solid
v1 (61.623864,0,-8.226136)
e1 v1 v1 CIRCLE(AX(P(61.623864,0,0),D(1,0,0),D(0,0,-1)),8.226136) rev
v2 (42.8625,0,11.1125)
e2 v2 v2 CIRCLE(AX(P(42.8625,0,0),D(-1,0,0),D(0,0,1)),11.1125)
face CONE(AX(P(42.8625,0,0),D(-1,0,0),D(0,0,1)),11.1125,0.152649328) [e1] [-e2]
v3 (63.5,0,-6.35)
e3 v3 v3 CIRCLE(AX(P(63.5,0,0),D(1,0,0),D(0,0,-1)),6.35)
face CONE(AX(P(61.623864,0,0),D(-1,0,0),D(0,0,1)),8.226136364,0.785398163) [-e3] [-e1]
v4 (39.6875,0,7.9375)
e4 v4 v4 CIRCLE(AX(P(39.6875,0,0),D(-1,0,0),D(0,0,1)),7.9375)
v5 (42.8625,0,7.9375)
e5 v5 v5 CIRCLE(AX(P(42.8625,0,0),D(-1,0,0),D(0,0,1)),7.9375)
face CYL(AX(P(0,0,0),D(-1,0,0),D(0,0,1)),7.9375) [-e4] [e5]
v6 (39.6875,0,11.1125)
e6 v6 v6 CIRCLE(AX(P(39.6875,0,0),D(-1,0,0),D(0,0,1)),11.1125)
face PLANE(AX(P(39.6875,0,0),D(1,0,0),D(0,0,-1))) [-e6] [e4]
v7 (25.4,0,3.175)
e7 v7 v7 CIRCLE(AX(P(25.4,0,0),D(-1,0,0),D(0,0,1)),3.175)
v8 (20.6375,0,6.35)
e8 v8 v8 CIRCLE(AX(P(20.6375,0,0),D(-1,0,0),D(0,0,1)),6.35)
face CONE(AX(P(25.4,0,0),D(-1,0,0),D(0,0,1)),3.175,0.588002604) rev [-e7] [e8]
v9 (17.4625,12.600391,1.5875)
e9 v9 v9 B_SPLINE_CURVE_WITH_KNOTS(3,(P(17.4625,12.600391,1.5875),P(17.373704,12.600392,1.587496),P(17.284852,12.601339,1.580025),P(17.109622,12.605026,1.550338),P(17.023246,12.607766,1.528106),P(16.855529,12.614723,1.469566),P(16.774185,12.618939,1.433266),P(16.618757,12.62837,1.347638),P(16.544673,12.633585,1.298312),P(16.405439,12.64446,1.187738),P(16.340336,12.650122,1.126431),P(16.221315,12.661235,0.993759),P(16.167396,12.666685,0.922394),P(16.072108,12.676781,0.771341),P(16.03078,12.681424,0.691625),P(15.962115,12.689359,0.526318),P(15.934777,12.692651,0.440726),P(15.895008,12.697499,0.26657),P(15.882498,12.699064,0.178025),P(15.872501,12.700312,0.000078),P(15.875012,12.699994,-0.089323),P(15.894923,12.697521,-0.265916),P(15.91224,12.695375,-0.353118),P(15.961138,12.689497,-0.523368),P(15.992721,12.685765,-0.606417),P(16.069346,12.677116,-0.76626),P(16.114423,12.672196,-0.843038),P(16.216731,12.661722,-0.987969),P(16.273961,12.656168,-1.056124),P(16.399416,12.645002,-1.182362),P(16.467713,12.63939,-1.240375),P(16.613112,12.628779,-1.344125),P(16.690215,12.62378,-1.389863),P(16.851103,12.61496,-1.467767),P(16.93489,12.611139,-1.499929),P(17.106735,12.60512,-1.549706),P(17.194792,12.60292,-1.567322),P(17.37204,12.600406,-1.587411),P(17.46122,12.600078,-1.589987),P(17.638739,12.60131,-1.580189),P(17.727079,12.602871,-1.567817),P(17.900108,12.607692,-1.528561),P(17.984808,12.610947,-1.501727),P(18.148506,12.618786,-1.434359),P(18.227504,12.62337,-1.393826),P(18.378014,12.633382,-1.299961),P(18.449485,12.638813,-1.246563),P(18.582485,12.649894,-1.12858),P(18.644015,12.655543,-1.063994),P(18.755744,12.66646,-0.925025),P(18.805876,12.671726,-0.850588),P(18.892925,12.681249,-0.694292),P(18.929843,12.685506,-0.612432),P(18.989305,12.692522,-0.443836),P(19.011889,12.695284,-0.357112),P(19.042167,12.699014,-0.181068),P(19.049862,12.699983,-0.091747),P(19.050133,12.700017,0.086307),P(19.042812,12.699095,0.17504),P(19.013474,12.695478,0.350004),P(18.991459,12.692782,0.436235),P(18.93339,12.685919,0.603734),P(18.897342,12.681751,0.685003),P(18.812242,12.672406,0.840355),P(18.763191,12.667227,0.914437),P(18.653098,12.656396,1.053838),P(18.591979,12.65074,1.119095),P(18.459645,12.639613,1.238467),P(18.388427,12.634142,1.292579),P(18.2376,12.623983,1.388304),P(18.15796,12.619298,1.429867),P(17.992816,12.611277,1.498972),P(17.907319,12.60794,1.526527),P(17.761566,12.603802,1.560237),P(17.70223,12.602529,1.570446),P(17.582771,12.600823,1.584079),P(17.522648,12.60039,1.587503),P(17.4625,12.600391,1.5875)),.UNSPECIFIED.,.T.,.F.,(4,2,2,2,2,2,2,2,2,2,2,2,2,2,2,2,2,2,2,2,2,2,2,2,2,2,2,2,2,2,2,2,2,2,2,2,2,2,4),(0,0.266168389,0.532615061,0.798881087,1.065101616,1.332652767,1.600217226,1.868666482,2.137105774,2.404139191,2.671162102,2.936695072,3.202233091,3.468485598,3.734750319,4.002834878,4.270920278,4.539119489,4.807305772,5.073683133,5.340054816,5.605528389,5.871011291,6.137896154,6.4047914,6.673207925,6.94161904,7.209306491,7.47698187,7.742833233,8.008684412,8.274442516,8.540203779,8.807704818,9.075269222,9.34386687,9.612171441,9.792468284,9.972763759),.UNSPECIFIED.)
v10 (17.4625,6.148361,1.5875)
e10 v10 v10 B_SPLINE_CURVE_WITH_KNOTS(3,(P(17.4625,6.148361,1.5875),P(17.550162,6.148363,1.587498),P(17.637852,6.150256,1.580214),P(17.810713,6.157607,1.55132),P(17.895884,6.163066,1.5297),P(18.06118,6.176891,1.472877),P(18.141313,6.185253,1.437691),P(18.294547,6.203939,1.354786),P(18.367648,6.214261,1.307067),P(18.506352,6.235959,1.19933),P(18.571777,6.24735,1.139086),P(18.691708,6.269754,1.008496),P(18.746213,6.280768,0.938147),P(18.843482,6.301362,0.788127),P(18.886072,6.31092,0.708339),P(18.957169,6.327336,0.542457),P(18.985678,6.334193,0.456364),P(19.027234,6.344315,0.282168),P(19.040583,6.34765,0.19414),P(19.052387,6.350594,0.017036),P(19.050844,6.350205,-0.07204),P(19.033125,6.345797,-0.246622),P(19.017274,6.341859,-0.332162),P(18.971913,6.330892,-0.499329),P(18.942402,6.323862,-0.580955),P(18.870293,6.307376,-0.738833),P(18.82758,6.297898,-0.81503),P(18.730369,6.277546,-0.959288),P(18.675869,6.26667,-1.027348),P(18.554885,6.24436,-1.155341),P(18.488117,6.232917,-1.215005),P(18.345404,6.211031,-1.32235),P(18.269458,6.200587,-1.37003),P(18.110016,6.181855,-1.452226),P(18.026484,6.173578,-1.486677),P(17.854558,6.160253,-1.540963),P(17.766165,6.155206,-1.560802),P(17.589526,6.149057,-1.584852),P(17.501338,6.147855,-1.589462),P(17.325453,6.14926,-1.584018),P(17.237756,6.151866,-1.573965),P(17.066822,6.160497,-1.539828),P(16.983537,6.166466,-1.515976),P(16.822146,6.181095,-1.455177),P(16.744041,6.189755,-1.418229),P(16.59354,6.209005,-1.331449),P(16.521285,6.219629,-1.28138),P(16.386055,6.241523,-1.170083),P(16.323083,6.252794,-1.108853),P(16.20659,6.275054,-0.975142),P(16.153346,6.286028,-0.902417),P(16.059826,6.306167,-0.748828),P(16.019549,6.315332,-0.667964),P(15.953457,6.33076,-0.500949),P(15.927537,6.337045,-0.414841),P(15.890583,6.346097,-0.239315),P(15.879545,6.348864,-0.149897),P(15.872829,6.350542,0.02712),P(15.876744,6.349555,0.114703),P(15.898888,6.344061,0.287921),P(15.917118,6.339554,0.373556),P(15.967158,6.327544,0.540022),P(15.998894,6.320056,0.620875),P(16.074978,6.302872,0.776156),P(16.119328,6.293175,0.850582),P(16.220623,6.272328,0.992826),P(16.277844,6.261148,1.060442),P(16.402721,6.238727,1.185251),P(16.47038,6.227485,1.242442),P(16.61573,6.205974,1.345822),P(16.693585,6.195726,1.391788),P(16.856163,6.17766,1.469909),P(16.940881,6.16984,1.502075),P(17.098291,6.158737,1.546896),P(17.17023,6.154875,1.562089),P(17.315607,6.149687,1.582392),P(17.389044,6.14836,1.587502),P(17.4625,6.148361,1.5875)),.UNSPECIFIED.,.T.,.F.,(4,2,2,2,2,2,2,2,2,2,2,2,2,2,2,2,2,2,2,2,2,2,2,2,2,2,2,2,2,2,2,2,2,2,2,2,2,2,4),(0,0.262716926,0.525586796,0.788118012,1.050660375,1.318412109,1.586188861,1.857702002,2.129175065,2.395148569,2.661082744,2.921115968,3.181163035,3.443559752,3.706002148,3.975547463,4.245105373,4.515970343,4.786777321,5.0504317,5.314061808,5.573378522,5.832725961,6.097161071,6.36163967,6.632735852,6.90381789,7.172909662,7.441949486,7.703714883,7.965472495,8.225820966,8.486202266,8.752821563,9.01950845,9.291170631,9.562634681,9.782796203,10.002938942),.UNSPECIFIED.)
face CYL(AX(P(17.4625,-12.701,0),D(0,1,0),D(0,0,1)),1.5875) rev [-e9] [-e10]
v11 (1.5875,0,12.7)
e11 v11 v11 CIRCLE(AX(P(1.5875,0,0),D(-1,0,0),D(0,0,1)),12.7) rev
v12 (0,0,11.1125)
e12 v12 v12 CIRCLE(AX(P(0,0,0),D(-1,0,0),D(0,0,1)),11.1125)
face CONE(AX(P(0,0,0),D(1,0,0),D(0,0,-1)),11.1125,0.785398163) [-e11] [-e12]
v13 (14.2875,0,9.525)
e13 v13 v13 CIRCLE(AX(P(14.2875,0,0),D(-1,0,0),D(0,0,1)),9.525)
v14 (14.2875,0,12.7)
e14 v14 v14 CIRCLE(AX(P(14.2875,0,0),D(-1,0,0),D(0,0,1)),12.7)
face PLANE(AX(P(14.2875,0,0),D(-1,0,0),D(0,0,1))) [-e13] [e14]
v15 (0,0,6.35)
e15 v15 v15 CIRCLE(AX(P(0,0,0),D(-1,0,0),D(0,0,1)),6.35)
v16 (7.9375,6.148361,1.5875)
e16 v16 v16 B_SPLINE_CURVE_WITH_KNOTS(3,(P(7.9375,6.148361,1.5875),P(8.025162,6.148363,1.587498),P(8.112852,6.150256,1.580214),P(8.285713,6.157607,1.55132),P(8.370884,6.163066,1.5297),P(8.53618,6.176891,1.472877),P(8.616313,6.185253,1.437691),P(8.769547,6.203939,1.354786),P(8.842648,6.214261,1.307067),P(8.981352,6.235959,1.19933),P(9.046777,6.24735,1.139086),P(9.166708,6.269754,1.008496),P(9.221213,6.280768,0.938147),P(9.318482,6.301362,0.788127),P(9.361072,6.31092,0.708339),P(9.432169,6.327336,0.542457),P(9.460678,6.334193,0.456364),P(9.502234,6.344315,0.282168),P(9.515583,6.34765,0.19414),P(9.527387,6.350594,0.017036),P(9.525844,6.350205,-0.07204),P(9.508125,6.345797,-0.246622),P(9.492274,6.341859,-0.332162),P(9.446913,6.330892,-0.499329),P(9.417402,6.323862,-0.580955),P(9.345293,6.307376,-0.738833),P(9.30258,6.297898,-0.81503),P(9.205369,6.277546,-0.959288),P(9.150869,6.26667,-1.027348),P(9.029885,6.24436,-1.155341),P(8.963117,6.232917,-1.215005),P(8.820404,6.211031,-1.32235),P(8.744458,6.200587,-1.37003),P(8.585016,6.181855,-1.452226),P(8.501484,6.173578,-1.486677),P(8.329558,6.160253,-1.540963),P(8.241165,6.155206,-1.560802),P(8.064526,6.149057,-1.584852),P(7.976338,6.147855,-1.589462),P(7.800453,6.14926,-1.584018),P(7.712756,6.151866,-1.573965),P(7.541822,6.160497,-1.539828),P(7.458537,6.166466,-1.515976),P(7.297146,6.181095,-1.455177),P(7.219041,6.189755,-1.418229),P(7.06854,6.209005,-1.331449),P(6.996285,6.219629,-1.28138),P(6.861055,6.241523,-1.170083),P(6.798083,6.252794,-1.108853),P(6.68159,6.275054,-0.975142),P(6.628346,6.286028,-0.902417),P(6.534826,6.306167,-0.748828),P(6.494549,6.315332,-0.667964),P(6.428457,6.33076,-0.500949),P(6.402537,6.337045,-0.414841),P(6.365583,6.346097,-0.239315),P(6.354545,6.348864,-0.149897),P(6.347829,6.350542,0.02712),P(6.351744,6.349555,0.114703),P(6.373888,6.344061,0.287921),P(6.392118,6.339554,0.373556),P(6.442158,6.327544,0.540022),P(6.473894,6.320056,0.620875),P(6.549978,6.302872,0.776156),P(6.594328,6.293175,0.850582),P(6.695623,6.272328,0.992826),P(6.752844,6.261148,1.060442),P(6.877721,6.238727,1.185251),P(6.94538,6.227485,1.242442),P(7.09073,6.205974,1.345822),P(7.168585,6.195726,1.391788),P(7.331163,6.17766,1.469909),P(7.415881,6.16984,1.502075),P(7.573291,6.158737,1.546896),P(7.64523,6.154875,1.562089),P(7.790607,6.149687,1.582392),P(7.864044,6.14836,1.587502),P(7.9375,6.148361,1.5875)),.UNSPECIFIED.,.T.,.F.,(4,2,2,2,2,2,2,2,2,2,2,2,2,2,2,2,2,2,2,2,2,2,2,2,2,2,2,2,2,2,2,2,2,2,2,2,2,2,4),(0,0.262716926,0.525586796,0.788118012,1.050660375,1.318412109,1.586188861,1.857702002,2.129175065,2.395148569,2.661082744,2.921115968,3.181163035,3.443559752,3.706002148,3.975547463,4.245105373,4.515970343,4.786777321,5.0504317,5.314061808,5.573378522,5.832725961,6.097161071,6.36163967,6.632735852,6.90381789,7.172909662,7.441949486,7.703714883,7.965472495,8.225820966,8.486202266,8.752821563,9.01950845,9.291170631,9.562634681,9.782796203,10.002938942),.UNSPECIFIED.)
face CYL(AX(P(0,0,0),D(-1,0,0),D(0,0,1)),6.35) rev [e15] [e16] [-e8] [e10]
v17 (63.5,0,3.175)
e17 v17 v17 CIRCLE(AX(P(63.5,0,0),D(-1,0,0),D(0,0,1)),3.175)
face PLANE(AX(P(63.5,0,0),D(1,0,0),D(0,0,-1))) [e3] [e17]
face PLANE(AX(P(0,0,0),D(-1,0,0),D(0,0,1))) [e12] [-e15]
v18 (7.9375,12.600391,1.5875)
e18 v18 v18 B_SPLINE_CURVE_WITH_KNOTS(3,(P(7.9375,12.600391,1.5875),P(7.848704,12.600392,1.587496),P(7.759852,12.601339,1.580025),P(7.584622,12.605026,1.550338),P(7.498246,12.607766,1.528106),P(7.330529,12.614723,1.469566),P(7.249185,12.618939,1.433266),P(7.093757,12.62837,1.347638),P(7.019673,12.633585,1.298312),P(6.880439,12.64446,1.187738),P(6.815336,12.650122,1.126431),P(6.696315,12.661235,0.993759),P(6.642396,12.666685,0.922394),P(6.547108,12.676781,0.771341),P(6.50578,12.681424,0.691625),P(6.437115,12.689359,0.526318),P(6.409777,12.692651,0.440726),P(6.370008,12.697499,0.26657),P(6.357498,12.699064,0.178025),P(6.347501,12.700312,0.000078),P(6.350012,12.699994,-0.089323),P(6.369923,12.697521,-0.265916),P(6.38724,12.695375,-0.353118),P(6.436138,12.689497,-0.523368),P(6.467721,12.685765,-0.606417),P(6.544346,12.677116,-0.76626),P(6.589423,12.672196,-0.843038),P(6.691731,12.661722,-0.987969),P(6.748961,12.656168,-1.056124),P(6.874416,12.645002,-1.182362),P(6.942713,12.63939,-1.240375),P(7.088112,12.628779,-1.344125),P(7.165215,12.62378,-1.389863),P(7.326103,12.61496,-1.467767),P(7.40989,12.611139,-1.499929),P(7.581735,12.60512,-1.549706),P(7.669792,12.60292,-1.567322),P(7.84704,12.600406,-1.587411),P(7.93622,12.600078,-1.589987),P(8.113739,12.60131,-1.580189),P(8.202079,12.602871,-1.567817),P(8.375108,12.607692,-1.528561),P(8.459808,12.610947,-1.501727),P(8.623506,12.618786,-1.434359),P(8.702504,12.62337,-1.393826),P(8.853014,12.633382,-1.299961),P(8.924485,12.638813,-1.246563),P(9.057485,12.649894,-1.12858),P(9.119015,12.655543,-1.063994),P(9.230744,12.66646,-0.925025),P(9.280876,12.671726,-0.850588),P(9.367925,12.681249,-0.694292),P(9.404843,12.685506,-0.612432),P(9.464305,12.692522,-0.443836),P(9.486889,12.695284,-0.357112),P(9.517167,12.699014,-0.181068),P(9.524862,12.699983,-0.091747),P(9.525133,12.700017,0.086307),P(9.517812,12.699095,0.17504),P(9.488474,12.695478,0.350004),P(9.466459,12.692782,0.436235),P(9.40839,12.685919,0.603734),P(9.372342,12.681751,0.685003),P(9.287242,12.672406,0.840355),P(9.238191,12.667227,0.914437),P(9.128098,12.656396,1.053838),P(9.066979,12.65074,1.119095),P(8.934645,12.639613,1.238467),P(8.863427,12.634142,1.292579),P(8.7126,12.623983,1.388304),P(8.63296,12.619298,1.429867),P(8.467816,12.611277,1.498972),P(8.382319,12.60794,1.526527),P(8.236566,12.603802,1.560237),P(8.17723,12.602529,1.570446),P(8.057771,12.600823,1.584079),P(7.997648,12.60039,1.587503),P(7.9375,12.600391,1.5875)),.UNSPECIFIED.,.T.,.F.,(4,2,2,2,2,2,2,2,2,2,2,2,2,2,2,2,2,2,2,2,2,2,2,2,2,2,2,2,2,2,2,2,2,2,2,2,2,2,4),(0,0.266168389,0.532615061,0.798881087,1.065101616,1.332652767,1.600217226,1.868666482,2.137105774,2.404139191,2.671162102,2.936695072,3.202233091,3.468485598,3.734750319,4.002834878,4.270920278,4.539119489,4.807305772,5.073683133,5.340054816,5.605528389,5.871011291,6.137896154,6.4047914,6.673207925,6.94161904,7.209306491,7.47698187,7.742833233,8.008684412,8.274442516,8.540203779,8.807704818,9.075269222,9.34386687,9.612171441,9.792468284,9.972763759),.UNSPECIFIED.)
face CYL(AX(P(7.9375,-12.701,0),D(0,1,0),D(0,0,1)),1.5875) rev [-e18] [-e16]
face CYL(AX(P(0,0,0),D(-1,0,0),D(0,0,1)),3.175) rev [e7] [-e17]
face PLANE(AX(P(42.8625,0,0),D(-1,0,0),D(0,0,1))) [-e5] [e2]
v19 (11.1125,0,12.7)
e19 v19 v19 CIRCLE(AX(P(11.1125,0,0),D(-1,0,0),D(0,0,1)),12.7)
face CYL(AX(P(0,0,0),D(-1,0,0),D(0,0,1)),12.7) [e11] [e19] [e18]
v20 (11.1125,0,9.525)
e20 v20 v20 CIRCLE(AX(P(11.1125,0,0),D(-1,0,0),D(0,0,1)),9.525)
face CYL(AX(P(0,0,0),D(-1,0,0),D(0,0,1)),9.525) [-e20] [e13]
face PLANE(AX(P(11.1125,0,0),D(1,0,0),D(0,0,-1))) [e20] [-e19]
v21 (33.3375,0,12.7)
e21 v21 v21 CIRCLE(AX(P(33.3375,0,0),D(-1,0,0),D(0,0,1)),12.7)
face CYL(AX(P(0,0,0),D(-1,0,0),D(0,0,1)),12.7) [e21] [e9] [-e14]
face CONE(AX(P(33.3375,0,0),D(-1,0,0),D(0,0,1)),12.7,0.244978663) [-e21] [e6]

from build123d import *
from OCP.BRepFilletAPI import BRepFilletAPI_MakeChamfer

# Parameters (mm, degrees)
CHAMFER1_SIZE           = 1.5875
CHAMFER1_SIZE2          = 1.898209315
CUT_EXTRUDE1_REACH      = 71.561
CUT_EXTRUDE1_END_RADIUS = 6.35
SKETCH2_R               = 1.5875


with BuildPart() as part:
    # Sketch1 → Revolve1 (revolve)
    with BuildSketch(Plane.XY, mode=Mode.PRIVATE) as revolve1_sk:
        Polygon((0, 6.35), (0, 12.7), (11.1125, 12.7), (11.1125, 9.525), (14.2875, 9.525), (14.2875, 12.7), (33.3375, 12.7), (39.6875, 11.1125), (39.6875, 7.9375), (42.8625, 7.9375), (42.8625, 11.1125), (63.5, 7.9375), (63.5, 3.175), (25.4, 3.175), (20.6375, 6.35), align=None)
    revolve(revolve1_sk.sketch.rotate(Axis((0, 0, 0), (1, 0, 0)), 90), axis=Axis((0, 0, 0), (1, 0, 0)))

    # Chamfer1: one chamfer whose edges measure the first distance from different faces: ONE call of the kernel's chamfer builder (chamfer() names one face for all edges)
    chamfer1_edges_1 = [part.edges().sort_by_distance(p)[0] for p in [
        (0, 0, -12.7),
    ]]
    chamfer1_edges_2 = [part.edges().sort_by_distance(p)[0] for p in [
        (63.5, 0, -7.9375),
    ]]
    chamfer1_side_2 = [part.faces().sort_by_distance(p)[0] for p in [
        (63.5, 0, -7.712993597),
    ]]
    chamfer1 = BRepFilletAPI_MakeChamfer(part.part.solid().wrapped)
    for e in chamfer1_edges_1:
        chamfer1.Add(CHAMFER1_SIZE, e.wrapped)
    for e in chamfer1_edges_2:
        chamfer1.Add(CHAMFER1_SIZE, CHAMFER1_SIZE2, e.wrapped, chamfer1_side_2[0].wrapped)  # the first distance lies on this face
    add(Compound.cast(chamfer1.Shape()), mode=Mode.REPLACE)

    # Cut-Extrude1: up to this cylinder (the profile starts outside it)
    cut_extrude1_end = Plane(origin=(12.7, 0, 0), z_dir=(-1, 0, 0)) * Cylinder(CUT_EXTRUDE1_END_RADIUS, 166.347, mode=Mode.PRIVATE)
    # Sketch2 → Cut-Extrude1 (cut, up to the surface)
    with BuildSketch(Plane(origin=(0, 12.7, 0), x_dir=(1, 0, 0), z_dir=(0, 1, 0)), mode=Mode.PRIVATE) as cut_extrude1_sk1:
        with Locations(Location((7.9375, 0, 0), (0, 0, 270))):
            Circle(SKETCH2_R)
    cut_extrude1_tool1 = extrude(cut_extrude1_sk1.sketch, amount=-CUT_EXTRUDE1_REACH, mode=Mode.PRIVATE) - cut_extrude1_end
    add(cut_extrude1_tool1.solids().sort_by_distance((7.9375, 12.7, 0))[0], mode=Mode.SUBTRACT)
    # Sketch2 → Cut-Extrude1 (cut, up to the surface)
    with BuildSketch(Plane(origin=(0, 12.7, 0), x_dir=(1, 0, 0), z_dir=(0, 1, 0)), mode=Mode.PRIVATE) as cut_extrude1_sk2:
        with Locations(Location((17.4625, 0, 0), (0, 0, 270))):
            Circle(SKETCH2_R)
    cut_extrude1_tool2 = extrude(cut_extrude1_sk2.sketch, amount=-CUT_EXTRUDE1_REACH, mode=Mode.PRIVATE) - cut_extrude1_end
    add(cut_extrude1_tool2.solids().sort_by_distance((17.4625, 12.7, 0))[0], mode=Mode.SUBTRACT)


solid = part.part
